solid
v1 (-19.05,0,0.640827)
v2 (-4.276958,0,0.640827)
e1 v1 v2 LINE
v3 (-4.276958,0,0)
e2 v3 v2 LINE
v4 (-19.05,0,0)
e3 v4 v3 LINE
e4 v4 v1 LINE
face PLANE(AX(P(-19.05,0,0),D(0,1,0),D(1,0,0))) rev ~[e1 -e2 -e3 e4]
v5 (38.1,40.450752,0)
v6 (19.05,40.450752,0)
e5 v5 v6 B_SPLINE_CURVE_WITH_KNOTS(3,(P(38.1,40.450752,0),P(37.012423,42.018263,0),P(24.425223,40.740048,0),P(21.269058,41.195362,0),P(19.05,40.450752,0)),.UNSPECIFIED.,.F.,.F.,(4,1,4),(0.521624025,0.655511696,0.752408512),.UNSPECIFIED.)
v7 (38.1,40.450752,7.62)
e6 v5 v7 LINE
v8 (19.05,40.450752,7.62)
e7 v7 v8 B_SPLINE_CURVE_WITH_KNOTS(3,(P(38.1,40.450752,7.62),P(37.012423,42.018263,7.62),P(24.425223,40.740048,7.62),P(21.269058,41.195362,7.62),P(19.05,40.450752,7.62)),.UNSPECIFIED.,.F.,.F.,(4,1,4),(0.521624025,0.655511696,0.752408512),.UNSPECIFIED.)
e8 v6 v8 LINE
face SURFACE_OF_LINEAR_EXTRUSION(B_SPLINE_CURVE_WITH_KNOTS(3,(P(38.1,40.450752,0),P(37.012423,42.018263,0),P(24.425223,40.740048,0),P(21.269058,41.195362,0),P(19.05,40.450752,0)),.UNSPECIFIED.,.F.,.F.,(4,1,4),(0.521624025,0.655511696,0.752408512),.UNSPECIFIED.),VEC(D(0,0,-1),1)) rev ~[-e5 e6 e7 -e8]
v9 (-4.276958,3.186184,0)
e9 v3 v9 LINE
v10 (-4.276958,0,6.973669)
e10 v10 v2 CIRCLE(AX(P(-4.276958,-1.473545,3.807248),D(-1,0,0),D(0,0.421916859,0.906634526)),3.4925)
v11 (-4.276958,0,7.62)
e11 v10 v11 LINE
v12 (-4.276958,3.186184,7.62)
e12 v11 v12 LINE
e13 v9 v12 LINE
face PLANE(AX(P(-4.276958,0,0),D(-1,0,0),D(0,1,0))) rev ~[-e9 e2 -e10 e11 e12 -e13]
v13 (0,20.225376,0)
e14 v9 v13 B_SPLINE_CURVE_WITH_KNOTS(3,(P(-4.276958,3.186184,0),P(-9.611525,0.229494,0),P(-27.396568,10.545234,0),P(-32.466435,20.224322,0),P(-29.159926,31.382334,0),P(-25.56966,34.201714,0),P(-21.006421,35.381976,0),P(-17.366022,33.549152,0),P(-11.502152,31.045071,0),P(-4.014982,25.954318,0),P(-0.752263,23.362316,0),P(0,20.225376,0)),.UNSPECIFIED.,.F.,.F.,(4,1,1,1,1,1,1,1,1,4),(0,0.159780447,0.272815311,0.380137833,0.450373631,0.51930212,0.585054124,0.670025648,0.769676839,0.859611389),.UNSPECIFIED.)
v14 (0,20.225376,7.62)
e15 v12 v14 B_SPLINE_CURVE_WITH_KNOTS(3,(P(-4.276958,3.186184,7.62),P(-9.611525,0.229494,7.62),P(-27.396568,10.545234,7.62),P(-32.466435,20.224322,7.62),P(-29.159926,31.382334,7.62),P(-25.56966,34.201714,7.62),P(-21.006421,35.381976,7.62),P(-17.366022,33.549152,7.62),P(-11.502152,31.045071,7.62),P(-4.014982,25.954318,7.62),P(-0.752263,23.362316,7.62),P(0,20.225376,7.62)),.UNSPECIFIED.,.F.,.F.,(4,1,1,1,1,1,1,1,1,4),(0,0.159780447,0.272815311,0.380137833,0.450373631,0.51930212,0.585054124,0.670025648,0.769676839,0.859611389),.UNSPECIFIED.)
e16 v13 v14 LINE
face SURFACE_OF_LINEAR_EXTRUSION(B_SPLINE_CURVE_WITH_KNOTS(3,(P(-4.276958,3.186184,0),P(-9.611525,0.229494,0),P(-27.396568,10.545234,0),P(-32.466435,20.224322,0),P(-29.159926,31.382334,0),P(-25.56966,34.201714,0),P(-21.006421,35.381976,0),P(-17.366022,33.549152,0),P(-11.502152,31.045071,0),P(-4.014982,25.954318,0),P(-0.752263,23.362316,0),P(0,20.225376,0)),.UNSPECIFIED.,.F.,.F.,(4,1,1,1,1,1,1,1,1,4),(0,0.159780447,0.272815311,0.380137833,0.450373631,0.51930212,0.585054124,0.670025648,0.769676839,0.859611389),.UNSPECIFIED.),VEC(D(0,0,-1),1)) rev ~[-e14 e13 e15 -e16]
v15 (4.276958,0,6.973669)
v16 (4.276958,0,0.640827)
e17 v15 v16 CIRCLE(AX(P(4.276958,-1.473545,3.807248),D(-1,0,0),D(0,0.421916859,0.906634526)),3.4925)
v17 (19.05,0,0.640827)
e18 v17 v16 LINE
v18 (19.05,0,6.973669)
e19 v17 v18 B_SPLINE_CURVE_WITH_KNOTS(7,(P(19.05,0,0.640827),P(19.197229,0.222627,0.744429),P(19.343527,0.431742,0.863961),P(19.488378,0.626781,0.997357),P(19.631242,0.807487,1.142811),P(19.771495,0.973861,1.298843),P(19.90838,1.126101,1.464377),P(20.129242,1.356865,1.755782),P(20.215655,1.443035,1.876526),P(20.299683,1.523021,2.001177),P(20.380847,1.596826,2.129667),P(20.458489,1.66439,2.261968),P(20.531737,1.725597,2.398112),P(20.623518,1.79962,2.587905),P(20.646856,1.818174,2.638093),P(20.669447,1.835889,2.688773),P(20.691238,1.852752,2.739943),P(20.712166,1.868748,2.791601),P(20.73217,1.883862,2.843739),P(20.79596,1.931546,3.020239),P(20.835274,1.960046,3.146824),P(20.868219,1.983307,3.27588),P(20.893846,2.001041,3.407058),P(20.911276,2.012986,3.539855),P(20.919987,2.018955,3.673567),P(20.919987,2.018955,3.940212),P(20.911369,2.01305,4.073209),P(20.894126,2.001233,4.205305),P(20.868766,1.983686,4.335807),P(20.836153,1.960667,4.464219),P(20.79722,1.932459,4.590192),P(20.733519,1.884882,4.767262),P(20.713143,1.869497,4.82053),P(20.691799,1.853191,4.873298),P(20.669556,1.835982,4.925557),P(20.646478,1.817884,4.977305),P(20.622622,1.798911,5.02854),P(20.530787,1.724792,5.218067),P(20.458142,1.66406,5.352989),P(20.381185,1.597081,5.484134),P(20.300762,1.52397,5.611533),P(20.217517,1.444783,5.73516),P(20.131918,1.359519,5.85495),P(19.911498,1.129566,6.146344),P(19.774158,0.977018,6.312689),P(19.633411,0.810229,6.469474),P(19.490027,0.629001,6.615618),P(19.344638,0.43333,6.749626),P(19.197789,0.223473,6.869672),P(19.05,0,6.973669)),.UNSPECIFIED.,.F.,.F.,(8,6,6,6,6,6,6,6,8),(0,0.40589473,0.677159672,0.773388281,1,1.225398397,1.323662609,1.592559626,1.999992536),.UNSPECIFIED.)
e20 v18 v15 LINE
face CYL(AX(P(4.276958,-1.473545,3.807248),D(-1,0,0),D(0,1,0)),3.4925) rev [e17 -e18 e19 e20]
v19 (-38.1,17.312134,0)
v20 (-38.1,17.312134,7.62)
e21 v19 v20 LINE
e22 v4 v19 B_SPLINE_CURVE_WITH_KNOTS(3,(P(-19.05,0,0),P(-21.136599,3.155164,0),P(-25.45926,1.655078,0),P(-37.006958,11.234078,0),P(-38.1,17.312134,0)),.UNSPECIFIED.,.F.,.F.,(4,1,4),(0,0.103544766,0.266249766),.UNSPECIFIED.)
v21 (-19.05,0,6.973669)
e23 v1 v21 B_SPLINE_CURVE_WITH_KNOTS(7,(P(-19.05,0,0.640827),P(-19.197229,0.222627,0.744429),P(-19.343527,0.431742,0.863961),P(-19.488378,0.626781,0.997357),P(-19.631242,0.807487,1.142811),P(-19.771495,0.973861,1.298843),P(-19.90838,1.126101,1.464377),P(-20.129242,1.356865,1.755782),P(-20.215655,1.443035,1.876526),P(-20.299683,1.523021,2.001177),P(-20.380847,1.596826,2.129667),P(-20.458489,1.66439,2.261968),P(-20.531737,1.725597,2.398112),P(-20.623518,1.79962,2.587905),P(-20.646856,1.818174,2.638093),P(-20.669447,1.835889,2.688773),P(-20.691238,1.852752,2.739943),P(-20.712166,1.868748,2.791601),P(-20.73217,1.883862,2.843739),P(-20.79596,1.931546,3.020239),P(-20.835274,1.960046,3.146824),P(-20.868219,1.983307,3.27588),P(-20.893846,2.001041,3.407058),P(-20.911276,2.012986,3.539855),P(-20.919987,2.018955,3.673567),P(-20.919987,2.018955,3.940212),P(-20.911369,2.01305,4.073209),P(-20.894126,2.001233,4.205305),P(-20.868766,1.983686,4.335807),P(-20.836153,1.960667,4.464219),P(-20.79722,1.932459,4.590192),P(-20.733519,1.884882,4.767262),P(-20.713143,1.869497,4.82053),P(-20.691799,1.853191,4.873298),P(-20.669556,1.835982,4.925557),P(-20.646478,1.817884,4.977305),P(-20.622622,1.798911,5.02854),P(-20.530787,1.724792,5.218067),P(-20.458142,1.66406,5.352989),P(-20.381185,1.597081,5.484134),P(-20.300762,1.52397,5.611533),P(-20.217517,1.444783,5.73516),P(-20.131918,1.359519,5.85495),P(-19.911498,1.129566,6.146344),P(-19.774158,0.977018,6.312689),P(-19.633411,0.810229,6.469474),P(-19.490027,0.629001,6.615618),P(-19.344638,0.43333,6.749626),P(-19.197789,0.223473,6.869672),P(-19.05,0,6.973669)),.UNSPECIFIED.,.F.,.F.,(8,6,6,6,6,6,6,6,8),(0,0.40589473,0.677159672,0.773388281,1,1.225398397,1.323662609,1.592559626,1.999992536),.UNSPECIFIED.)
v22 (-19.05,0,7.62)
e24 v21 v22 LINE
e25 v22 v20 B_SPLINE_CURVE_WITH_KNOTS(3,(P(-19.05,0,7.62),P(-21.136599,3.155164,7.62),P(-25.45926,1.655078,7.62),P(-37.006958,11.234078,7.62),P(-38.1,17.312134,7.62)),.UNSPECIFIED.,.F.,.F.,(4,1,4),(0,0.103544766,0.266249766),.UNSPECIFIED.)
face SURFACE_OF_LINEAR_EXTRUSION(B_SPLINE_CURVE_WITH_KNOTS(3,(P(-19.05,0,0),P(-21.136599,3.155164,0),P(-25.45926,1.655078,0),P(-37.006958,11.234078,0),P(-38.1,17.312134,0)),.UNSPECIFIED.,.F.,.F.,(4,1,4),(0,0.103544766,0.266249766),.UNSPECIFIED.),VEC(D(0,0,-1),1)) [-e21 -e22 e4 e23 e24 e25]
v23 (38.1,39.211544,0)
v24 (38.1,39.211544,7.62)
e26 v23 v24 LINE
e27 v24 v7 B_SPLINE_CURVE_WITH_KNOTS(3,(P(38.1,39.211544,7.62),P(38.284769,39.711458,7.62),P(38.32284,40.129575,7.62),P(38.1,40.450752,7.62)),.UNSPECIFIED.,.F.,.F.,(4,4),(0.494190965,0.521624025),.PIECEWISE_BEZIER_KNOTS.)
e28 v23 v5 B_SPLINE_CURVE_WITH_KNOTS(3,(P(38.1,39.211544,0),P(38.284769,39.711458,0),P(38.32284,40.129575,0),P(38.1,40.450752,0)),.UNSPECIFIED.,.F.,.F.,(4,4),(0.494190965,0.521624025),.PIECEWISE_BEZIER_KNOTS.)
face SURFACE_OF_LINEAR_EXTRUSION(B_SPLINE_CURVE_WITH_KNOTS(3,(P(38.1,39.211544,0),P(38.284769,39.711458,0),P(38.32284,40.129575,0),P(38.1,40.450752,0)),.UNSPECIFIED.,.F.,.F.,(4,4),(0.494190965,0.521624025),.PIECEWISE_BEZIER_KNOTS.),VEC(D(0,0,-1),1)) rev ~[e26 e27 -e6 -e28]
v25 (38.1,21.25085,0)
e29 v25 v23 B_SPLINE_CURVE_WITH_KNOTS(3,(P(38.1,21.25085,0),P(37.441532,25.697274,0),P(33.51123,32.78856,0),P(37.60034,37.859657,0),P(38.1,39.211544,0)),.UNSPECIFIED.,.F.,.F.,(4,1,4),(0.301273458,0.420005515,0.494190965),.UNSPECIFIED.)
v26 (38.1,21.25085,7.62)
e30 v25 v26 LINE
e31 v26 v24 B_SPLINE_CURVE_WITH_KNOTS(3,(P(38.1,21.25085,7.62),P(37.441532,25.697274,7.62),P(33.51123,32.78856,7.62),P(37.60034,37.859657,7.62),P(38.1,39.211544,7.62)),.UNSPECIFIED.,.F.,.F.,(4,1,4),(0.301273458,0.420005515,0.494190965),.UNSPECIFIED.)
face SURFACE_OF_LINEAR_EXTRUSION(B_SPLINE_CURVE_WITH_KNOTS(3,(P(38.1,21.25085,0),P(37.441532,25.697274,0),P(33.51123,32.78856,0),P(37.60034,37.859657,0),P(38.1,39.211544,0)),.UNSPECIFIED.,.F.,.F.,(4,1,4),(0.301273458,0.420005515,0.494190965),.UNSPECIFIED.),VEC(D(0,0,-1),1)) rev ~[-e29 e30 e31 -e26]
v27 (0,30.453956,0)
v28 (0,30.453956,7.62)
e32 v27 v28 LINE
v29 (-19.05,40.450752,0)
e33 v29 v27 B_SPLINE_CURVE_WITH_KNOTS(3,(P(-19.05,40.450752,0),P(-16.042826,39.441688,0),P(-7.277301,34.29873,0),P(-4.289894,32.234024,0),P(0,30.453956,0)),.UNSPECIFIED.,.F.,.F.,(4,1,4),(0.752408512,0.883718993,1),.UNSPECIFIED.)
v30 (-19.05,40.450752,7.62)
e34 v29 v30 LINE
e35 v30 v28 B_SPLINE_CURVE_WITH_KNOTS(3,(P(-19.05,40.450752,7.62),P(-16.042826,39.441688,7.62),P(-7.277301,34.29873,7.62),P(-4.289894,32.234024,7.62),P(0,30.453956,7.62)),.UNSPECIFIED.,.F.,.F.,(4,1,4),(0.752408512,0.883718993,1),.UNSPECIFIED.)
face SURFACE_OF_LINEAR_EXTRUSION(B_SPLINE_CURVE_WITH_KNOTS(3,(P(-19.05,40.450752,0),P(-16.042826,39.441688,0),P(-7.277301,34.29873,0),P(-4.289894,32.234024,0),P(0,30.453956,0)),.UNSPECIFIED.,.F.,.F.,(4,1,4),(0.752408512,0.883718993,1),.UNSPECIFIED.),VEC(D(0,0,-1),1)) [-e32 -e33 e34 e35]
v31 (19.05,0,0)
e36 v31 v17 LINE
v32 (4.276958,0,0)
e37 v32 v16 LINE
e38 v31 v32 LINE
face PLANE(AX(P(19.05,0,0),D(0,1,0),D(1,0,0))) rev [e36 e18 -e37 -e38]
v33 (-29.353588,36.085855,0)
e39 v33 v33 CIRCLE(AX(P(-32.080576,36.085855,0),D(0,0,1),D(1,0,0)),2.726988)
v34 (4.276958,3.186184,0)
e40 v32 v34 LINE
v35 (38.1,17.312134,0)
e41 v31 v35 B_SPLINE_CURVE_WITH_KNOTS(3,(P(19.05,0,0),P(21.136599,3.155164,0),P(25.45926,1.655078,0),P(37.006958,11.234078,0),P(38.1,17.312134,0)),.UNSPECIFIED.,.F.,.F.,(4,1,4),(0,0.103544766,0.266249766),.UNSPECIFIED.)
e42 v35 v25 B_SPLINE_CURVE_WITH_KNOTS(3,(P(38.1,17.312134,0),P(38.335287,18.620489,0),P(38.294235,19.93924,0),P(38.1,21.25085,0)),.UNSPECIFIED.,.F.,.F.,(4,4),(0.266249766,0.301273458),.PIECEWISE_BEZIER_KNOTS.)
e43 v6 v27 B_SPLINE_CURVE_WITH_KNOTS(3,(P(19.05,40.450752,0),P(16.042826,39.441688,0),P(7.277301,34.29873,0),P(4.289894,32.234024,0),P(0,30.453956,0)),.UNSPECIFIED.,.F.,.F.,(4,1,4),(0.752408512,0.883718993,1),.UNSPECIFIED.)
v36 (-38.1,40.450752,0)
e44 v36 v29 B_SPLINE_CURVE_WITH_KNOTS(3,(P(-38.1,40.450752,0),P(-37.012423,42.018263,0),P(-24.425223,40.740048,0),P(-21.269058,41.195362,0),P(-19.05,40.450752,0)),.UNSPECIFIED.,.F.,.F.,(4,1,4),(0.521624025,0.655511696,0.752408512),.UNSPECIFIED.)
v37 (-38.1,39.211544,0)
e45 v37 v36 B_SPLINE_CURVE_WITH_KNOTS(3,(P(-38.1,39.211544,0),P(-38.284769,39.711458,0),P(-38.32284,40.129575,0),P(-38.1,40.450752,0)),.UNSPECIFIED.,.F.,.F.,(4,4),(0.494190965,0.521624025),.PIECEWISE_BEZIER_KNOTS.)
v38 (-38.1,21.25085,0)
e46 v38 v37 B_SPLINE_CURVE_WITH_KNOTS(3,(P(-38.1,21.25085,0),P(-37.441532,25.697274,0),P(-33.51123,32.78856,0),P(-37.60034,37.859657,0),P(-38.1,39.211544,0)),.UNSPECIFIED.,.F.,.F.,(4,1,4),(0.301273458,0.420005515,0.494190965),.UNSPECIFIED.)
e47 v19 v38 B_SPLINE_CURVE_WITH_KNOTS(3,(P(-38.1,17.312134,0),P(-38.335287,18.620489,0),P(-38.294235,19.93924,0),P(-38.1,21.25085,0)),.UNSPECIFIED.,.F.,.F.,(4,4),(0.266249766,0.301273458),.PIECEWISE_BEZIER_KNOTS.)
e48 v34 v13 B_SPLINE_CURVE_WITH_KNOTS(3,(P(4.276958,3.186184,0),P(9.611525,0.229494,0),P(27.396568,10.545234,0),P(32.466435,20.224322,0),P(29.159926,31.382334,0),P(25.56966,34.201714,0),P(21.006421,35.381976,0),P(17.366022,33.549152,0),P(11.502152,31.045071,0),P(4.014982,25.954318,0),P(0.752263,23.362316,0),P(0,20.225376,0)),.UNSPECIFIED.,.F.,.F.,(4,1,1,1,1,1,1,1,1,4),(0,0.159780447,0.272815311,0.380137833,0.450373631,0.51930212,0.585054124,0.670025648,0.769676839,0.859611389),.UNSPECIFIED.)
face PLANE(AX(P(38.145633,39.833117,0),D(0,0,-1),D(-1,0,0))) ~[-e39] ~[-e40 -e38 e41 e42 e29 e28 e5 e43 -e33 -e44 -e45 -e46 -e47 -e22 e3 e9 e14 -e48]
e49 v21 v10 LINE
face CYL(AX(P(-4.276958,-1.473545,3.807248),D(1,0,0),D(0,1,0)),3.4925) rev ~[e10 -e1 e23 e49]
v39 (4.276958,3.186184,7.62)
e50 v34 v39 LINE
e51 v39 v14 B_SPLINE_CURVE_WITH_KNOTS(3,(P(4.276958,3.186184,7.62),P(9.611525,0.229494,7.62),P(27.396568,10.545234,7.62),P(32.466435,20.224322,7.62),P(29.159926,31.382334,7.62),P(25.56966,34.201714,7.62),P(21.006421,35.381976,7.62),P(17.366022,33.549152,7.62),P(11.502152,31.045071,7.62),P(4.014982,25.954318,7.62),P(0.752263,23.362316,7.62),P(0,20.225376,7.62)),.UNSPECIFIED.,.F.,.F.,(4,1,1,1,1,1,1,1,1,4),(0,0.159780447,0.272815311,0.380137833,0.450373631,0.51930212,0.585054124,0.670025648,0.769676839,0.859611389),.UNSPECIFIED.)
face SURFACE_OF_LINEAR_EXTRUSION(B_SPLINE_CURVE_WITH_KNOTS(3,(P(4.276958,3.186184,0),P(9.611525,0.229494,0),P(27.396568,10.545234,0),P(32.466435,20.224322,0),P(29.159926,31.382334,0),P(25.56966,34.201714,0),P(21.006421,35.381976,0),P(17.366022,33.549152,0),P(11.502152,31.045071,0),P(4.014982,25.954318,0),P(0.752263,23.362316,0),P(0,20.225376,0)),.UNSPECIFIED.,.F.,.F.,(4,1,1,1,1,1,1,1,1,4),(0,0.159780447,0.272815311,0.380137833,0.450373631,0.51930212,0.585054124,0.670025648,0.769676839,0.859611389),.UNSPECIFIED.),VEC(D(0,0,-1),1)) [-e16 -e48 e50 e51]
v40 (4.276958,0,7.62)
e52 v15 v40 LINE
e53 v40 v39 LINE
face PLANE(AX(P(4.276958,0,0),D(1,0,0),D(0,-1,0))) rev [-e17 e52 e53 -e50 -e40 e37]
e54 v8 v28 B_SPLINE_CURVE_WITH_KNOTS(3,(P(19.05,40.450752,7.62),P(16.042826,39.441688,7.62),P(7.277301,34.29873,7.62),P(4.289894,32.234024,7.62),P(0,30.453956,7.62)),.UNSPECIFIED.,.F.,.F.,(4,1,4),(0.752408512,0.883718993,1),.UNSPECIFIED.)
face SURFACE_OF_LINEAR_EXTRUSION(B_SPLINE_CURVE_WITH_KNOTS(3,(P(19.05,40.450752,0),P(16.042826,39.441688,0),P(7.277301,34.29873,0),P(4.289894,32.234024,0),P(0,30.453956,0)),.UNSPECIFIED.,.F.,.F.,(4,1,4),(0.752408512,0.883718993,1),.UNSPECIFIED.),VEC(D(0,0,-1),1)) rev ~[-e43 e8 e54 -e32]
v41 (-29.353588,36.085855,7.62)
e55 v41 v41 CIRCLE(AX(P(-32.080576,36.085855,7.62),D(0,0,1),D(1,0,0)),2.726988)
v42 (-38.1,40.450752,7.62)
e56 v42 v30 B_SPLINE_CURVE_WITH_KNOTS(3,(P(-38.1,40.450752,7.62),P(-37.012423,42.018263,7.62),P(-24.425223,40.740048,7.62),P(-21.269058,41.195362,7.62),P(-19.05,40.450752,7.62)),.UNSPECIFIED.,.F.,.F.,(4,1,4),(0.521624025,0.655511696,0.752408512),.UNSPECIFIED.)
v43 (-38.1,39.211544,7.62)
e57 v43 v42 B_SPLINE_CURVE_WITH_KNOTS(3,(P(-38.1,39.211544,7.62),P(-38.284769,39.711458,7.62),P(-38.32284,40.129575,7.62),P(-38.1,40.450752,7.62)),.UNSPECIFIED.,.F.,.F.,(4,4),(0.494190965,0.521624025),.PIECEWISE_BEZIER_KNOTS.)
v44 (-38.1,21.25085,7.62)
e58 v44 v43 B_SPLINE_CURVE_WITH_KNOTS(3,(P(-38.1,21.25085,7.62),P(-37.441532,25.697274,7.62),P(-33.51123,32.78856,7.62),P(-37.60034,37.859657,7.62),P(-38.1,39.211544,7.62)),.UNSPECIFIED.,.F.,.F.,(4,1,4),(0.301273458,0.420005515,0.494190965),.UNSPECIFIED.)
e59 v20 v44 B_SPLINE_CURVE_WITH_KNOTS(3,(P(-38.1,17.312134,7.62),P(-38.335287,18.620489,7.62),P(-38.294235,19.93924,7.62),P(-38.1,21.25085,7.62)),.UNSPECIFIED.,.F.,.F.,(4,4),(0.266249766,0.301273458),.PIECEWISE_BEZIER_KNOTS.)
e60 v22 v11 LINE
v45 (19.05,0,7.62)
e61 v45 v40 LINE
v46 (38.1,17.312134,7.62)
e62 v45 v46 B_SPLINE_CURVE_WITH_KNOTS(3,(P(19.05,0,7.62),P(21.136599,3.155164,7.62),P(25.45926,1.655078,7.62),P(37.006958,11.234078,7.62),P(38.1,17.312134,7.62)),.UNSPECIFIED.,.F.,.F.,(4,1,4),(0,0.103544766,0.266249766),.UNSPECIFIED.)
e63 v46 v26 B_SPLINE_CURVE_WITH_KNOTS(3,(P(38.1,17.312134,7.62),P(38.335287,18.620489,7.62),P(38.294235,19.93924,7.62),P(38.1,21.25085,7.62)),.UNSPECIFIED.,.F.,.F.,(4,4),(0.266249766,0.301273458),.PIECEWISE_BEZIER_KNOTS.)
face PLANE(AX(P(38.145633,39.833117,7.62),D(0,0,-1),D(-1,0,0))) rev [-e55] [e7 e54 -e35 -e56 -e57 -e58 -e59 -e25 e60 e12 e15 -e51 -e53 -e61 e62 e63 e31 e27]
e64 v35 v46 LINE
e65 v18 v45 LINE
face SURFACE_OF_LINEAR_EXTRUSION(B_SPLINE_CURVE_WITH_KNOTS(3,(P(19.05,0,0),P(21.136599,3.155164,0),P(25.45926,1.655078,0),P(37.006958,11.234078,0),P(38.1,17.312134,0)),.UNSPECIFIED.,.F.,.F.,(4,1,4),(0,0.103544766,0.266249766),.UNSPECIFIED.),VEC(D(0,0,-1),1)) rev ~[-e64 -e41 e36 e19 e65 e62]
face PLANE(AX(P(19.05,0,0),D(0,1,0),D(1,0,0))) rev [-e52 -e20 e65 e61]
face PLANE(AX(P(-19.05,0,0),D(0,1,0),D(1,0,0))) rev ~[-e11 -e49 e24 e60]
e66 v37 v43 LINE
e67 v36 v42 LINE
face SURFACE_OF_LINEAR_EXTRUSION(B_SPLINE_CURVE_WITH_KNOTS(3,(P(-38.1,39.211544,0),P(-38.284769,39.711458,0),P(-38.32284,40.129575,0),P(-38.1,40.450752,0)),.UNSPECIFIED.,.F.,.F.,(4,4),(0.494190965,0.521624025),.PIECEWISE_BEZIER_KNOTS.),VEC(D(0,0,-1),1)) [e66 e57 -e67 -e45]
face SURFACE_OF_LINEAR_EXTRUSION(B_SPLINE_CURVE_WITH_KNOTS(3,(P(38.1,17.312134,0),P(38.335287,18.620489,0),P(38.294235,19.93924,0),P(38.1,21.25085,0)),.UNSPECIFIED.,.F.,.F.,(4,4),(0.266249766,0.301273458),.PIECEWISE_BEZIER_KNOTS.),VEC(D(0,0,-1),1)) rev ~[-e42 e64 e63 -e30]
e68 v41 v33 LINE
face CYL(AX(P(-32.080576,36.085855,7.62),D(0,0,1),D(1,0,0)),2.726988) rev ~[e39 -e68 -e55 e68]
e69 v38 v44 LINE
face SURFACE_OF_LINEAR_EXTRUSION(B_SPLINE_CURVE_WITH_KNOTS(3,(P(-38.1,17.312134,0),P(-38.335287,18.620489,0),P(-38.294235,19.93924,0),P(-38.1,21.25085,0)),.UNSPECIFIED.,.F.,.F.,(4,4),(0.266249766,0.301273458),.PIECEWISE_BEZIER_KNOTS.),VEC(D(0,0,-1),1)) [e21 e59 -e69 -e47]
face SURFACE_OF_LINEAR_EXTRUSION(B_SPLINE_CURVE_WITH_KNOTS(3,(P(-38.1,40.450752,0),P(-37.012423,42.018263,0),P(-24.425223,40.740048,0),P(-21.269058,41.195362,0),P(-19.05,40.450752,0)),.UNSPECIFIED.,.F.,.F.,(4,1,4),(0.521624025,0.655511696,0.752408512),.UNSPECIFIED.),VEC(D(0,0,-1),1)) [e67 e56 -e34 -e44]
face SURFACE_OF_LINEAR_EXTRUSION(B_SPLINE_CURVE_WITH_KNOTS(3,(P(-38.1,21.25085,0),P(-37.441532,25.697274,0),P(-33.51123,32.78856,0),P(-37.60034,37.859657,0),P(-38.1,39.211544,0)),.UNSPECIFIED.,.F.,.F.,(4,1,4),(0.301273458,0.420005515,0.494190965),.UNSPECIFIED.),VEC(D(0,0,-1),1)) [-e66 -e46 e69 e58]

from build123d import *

# Parameters (mm, degrees)
F1_DEPTH = 7.62
F2_R     = 3.4925
F3_DEPTH = 33.9854793042
F5_R     = 2.7269876372
F6_DEPTH = 7.6210001


with BuildPart() as f1:
    # F0 (on Top) → F1 (new body)
    with BuildSketch(Plane.XY):
        with BuildLine():
            add(Edge.make_bspline(
                [(-38.1, 39.2115438048), (-38.2847692468, 39.711458305), (-38.3228403498, 40.1295749743), (-38.1, 40.4507518793)],
                knots=[0.494190965, 0.494190965, 0.494190965, 0.494190965, 0.5216240255, 0.5216240255, 0.5216240255, 0.5216240255], degree=3))
            Line((-38.1, 39.2115438048), (-38.1, 40.4507518793))
        make_face()
        with BuildLine():
            add(Edge.make_bspline(
                [(-38.1, 40.4507518793), (-37.0124226459, 42.0182630098), (-24.4252225341, 40.7400480218), (-21.2690580878, 41.1953618502), (-19.05, 40.4507518793)],
                knots=[0.5216240255, 0.5216240255, 0.5216240255, 0.5216240255, 0.655511696, 0.7524085123, 0.7524085123, 0.7524085123, 0.7524085123], degree=3))
            Line((-38.1, 40.4507518793), (-19.05, 40.4507518793))
        make_face()
        with BuildLine():
            add(Edge.make_bspline(
                [(-19.05, 0), (-21.1365986615, 3.1551636106), (-25.4592603793, 1.6550782623), (-37.0069583102, 11.2340784195), (-38.1, 17.3121340597)],
                knots=[0, 0, 0, 0, 0.1035447663, 0.2662497665, 0.2662497665, 0.2662497665, 0.2662497665], degree=3))
            Line((-19.05, 0), (-4.2769578286, 0))
            Line((-4.2769578286, 0), (-4.2769578286, 3.1861836761))
            add(Edge.make_bspline(
                [(-4.2769578286, 3.1861836761), (-9.6115248959, 0.2294938952), (-27.3965681938, 10.5452335102), (-32.4664347538, 20.2243220026), (-29.1599262979, 31.3823338685), (-25.5696603, 34.2017144028), (-21.0064211516, 35.3819757164), (-17.3660215457, 33.5491519438), (-11.5021518523, 31.0450714), (-4.014982368, 25.9543175809), (-0.75226275, 23.3623161775), (0, 20.2253759397)],
                knots=[0, 0, 0, 0, 0.1597804465, 0.272815311, 0.3801378333, 0.4503736314, 0.51930212, 0.5850541236, 0.6700256475, 0.7696768394, 0.8596113891, 0.8596113891, 0.8596113891, 0.8596113891], degree=3))
            Line((0, 20.2253759397), (0, 30.4539563505))
            add(Edge.make_bspline(
                [(-19.05, 40.4507518793), (-16.0428260338, 39.4416878392), (-7.2773009383, 34.2987295016), (-4.2898937539, 32.2340244008), (0, 30.4539563505)],
                knots=[0.7524085123, 0.7524085123, 0.7524085123, 0.7524085123, 0.8837189926, 1, 1, 1, 1], degree=3))
            Line((-19.05, 40.4507518793), (-38.1, 40.4507518793))
            Line((-38.1, 40.4507518793), (-38.1, 39.2115438048))
            add(Edge.make_bspline(
                [(-38.1, 21.2508498566), (-37.4415322866, 25.6972738025), (-33.5112301035, 32.7885599039), (-37.6003404813, 37.8596573689), (-38.1, 39.2115438048)],
                knots=[0.3012734584, 0.3012734584, 0.3012734584, 0.3012734584, 0.4200055146, 0.494190965, 0.494190965, 0.494190965, 0.494190965], degree=3))
            Line((-38.1, 21.2508498566), (-38.1, 17.3121340597))
        make_face()
        with BuildLine():
            add(Edge.make_bspline(
                [(-38.1, 17.3121340597), (-38.3352869013, 18.6204893504), (-38.2942354158, 19.939239604), (-38.1, 21.2508498566)],
                knots=[0.2662497665, 0.2662497665, 0.2662497665, 0.2662497665, 0.3012734584, 0.3012734584, 0.3012734584, 0.3012734584], degree=3))
            Line((-38.1, 17.3121340597), (-38.1, 21.2508498566))
        make_face()
    extrude(amount=F1_DEPTH)

    # F2 (on face) → F3 (cut, through all)
    with BuildSketch(Plane.YZ.offset(-4.2769578286)):
        with Locations((-1.4735446312, 3.8072476164)):
            Circle(F2_R)
    extrude(amount=-F3_DEPTH, mode=Mode.SUBTRACT)

    # F4: F1 across plane


with BuildPart() as f1_1:
    add(f1.part)
    add(f1.part.mirror(Plane.YZ))

    # F5 (on face) → F6 (cut, through all)
    with BuildSketch(Plane.XY.offset(7.62)):
        with Locations((-32.0805758238, 36.0858552158)):
            Circle(F5_R)
    extrude(amount=-F6_DEPTH, mode=Mode.SUBTRACT)


solid = f1_1.part
